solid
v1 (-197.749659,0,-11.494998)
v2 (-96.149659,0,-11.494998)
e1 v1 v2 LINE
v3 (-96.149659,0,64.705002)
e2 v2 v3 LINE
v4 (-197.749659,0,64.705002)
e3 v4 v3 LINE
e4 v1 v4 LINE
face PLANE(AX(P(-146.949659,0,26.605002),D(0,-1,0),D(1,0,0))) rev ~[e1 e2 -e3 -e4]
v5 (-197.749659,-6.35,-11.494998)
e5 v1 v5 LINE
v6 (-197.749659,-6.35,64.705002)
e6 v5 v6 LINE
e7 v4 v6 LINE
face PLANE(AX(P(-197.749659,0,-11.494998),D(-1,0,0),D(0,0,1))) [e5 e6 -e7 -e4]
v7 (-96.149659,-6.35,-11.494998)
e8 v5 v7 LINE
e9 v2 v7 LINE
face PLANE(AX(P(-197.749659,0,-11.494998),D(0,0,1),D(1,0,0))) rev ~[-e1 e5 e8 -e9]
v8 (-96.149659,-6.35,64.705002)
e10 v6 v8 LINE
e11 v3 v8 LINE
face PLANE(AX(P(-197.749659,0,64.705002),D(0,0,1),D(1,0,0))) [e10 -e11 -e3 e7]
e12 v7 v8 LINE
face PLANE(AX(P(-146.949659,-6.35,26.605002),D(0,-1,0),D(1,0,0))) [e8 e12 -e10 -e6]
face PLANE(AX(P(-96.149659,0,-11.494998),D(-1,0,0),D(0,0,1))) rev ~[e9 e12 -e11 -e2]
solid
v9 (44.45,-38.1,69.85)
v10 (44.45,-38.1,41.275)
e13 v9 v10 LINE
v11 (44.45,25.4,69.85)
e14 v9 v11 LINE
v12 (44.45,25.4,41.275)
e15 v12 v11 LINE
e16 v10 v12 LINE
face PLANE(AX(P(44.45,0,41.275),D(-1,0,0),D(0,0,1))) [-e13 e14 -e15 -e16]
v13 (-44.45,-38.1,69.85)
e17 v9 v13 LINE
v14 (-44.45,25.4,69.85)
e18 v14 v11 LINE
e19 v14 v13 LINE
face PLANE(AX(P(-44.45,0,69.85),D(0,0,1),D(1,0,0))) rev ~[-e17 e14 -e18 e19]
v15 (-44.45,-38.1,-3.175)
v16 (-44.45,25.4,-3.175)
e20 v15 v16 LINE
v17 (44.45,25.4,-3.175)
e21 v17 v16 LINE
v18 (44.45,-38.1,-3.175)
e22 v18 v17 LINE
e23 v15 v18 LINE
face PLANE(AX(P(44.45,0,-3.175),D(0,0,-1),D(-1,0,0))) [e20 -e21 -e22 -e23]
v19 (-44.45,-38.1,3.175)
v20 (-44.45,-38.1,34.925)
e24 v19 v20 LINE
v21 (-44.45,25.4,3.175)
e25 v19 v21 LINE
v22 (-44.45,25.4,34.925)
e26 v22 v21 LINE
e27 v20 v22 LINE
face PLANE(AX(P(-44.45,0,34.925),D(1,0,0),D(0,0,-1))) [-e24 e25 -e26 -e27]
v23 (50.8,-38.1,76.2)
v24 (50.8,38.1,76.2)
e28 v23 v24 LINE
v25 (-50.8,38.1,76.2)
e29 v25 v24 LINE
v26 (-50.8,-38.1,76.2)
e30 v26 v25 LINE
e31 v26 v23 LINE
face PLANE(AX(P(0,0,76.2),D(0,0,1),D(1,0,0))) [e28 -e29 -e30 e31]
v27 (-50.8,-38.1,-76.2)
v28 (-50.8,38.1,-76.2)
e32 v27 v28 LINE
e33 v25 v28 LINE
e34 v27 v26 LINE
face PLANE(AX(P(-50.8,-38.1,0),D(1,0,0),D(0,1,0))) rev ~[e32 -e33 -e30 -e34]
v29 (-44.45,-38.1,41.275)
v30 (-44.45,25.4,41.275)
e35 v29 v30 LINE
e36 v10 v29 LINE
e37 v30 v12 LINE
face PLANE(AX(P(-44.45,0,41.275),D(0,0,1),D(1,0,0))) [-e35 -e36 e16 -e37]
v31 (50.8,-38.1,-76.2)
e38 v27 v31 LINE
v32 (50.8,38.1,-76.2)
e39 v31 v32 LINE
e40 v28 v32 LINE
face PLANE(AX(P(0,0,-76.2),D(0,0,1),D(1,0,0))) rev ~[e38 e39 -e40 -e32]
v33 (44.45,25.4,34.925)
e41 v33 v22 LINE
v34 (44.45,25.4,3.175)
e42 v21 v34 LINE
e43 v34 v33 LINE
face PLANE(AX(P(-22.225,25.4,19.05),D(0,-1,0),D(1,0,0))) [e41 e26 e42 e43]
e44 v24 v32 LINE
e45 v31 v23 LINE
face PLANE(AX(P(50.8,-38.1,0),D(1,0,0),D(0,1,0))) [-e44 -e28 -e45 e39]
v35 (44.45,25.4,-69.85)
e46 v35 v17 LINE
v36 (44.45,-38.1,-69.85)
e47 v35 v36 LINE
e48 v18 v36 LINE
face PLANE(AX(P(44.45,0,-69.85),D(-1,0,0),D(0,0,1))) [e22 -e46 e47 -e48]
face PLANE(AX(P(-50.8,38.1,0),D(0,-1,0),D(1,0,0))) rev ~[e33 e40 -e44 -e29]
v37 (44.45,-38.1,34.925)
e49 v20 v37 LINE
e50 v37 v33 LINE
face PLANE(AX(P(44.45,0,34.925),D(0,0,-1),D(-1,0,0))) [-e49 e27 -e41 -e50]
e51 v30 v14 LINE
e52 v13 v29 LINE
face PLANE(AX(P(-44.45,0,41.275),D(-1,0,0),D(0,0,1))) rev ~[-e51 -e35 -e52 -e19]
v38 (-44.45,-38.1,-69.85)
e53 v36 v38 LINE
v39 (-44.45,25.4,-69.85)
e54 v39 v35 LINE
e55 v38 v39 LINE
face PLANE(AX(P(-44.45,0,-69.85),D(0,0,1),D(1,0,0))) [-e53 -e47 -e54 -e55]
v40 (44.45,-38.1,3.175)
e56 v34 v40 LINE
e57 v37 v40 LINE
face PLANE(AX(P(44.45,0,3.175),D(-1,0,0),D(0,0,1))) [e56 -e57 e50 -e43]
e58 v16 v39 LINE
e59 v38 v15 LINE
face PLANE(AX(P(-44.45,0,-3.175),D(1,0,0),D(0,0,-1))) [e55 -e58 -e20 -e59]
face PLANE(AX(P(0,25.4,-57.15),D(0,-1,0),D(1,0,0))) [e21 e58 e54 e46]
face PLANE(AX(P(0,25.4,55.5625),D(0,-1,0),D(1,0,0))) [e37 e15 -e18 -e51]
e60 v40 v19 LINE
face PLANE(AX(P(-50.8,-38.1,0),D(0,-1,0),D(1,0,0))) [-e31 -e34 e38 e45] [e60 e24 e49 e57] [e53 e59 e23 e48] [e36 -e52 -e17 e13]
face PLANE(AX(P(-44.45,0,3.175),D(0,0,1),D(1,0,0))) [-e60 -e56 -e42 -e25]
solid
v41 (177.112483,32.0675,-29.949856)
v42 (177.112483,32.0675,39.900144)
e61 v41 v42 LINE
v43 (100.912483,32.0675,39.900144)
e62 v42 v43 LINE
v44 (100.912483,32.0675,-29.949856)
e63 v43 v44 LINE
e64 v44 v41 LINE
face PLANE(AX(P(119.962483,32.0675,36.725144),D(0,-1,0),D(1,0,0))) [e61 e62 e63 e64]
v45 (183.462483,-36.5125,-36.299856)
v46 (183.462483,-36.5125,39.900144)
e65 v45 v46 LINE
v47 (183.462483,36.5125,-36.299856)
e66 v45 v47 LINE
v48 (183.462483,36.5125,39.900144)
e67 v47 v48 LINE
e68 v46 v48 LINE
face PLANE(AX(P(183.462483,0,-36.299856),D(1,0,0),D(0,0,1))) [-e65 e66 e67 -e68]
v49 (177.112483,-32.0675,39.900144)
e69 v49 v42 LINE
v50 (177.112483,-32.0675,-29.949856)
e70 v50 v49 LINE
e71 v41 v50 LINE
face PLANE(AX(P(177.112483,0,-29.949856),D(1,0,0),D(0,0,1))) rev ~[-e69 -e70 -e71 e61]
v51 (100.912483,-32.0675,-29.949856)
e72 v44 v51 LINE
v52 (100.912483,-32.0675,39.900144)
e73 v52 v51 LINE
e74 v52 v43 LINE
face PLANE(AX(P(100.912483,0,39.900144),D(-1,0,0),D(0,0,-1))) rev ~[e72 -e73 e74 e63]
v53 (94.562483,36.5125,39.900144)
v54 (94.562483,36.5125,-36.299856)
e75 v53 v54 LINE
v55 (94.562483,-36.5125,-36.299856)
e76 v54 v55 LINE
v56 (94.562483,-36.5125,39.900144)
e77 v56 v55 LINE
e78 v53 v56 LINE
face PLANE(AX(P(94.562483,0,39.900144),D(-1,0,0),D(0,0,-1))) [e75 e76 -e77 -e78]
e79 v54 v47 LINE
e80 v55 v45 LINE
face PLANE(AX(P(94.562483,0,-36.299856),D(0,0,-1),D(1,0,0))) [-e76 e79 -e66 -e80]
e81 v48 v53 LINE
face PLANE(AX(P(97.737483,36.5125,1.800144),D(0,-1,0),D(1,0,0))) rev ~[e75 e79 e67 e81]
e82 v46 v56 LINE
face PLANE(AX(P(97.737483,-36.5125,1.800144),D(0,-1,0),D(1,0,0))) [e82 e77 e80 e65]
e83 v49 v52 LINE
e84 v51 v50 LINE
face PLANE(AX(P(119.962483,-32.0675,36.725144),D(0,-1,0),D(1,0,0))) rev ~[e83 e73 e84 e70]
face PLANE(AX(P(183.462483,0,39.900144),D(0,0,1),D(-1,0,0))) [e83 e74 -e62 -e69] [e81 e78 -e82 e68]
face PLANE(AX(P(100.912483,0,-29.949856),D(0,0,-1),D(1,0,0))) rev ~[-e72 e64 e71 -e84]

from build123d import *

# Parameters (mm, degrees)
F0_W     = 101.6
F0_H     = 76.2
F1_DEPTH = 76.2
F2_W     = 88.9
F2_H     = 28.575
F2_W_2   = 44.45
F2_H_2   = 6.35
F3_DEPTH = 50.8
F4_DEPTH = 25.4
F2_W_3   = 101.6
F2_H_3   = 76.2
F5_DEPTH = 6.35
F2_W_4   = 38.1
F2_H_4   = 31.75
F2_W_5   = 6.35
F6_DEPTH = 36.5125
F7_DEPTH = 32.0675


with BuildPart() as f1:
    # F0 (on Top) → F1 (new body, symmetric)
    with BuildSketch(Plane.XY):
        Rectangle(F0_W, F0_H)
    extrude(amount=F1_DEPTH, both=True)

    # F2 (on Front) → F3 (cut)
    with BuildSketch(Plane.XZ):
        with Locations((0, 55.5625)):
            Rectangle(F2_W, F2_H)
        Polygon((0, -44.45), (-44.45, -44.45), (-44.45, -69.85), (44.45, -69.85), (44.45, -44.45), align=None)
        Polygon((-44.45, 3.175), (0, 3.175), (0, 19.05), (0, 34.925), (-44.45, 34.925), align=None)
        Polygon((0, 19.05), (0, 3.175), (44.45, 3.175), (44.45, 34.925), (0, 34.925), align=None)
        Polygon((44.45, -3.175), (-44.45, -3.175), (-44.45, -31.75), (0, -31.75), (44.45, -31.75), align=None)
        with Locations((22.225, -41.275)):
            Rectangle(F2_W_2, F2_H_2)
        with Locations((-22.225, -41.275)):
            Rectangle(F2_W_2, F2_H_2)
        with Locations((-22.225, -34.925)):
            Rectangle(F2_W_2, F2_H_2)
        with Locations((22.225, -34.925)):
            Rectangle(F2_W_2, F2_H_2)
    extrude(amount=F3_DEPTH, mode=Mode.SUBTRACT)

    # F4 (cut): faces of the model
    f4_faces = [f1.faces().sort_by_distance(p)[0] for p in [
        (0, 0, 55.5625),
        (0, 0, 19.05),
        (0, 0, -36.5125),
    ]]
    extrude(f4_faces, amount=-F4_DEPTH, mode=Mode.SUBTRACT)


with BuildPart() as f5:
    # F2 (on Front) → F5 (new body)
    with BuildSketch(Plane.XZ):
        with Locations((-146.9496594191, 26.6050021112)):
            Rectangle(F2_W_3, F2_H_3)
    extrude(amount=F5_DEPTH)


with BuildPart() as f6:
    # F2 (on Front) → F6 (new body, symmetric)
    with BuildSketch(Plane.XZ):
        Polygon((94.5624826312, 33.5501439989), (94.5624826312, -29.9498560011), (100.9124826312, -29.9498560011), (100.9124826312, 1.8001439989), (100.9124826312, 33.5501439989), align=None)
        with Locations((119.9624826312, 17.6751439989)):
            Rectangle(F2_W_4, F2_H_4)
        with Locations((158.0624826312, 17.6751439989)):
            Rectangle(F2_W_4, F2_H_4)
        Polygon((100.9124826312, 1.8001439989), (100.9124826312, -29.9498560011), (177.1124826312, -29.9498560011), (177.1124826312, 1.8001439989), (139.0124826312, 1.8001439989), align=None)
        Polygon((177.1124826312, -29.9498560011), (183.4624826312, -29.9498560011), (183.4624826312, 33.5501439989), (177.1124826312, 33.5501439989), (177.1124826312, 1.8001439989), align=None)
        with Locations((180.2874826312, 36.7251439989)):
            Rectangle(F2_W_5, F2_H_2)
        with Locations((158.0624826312, 36.7251439989)):
            Rectangle(F2_W_4, F2_H_2)
        with Locations((119.9624826312, 36.7251439989)):
            Rectangle(F2_W_4, F2_H_2)
        with Locations((97.7374826312, 36.7251439989)):
            Rectangle(F2_W_5, F2_H_2)
        with Locations((97.7374826312, -33.1248560011)):
            Rectangle(F2_W_5, F2_H_2)
        Polygon((100.9124826312, -29.9498560011), (100.9124826312, -36.2998560011), (183.4624826312, -36.2998560011), (183.4624826312, -29.9498560011), (177.1124826312, -29.9498560011), align=None)
    extrude(amount=F6_DEPTH, both=True)

    # F2 (on Front) → F7 (cut, symmetric)
    with BuildSketch(Plane.XZ):
        with Locations((119.9624826312, 36.7251439989)):
            Rectangle(F2_W_4, F2_H_2)
        with Locations((158.0624826312, 36.7251439989)):
            Rectangle(F2_W_4, F2_H_2)
        with Locations((158.0624826312, 17.6751439989)):
            Rectangle(F2_W_4, F2_H_4)
        with Locations((119.9624826312, 17.6751439989)):
            Rectangle(F2_W_4, F2_H_4)
        Polygon((100.9124826312, 1.8001439989), (100.9124826312, -29.9498560011), (177.1124826312, -29.9498560011), (177.1124826312, 1.8001439989), (139.0124826312, 1.8001439989), align=None)
    extrude(amount=F7_DEPTH, both=True, mode=Mode.SUBTRACT)


solid = Compound([f1.part, f5.part, f6.part])
